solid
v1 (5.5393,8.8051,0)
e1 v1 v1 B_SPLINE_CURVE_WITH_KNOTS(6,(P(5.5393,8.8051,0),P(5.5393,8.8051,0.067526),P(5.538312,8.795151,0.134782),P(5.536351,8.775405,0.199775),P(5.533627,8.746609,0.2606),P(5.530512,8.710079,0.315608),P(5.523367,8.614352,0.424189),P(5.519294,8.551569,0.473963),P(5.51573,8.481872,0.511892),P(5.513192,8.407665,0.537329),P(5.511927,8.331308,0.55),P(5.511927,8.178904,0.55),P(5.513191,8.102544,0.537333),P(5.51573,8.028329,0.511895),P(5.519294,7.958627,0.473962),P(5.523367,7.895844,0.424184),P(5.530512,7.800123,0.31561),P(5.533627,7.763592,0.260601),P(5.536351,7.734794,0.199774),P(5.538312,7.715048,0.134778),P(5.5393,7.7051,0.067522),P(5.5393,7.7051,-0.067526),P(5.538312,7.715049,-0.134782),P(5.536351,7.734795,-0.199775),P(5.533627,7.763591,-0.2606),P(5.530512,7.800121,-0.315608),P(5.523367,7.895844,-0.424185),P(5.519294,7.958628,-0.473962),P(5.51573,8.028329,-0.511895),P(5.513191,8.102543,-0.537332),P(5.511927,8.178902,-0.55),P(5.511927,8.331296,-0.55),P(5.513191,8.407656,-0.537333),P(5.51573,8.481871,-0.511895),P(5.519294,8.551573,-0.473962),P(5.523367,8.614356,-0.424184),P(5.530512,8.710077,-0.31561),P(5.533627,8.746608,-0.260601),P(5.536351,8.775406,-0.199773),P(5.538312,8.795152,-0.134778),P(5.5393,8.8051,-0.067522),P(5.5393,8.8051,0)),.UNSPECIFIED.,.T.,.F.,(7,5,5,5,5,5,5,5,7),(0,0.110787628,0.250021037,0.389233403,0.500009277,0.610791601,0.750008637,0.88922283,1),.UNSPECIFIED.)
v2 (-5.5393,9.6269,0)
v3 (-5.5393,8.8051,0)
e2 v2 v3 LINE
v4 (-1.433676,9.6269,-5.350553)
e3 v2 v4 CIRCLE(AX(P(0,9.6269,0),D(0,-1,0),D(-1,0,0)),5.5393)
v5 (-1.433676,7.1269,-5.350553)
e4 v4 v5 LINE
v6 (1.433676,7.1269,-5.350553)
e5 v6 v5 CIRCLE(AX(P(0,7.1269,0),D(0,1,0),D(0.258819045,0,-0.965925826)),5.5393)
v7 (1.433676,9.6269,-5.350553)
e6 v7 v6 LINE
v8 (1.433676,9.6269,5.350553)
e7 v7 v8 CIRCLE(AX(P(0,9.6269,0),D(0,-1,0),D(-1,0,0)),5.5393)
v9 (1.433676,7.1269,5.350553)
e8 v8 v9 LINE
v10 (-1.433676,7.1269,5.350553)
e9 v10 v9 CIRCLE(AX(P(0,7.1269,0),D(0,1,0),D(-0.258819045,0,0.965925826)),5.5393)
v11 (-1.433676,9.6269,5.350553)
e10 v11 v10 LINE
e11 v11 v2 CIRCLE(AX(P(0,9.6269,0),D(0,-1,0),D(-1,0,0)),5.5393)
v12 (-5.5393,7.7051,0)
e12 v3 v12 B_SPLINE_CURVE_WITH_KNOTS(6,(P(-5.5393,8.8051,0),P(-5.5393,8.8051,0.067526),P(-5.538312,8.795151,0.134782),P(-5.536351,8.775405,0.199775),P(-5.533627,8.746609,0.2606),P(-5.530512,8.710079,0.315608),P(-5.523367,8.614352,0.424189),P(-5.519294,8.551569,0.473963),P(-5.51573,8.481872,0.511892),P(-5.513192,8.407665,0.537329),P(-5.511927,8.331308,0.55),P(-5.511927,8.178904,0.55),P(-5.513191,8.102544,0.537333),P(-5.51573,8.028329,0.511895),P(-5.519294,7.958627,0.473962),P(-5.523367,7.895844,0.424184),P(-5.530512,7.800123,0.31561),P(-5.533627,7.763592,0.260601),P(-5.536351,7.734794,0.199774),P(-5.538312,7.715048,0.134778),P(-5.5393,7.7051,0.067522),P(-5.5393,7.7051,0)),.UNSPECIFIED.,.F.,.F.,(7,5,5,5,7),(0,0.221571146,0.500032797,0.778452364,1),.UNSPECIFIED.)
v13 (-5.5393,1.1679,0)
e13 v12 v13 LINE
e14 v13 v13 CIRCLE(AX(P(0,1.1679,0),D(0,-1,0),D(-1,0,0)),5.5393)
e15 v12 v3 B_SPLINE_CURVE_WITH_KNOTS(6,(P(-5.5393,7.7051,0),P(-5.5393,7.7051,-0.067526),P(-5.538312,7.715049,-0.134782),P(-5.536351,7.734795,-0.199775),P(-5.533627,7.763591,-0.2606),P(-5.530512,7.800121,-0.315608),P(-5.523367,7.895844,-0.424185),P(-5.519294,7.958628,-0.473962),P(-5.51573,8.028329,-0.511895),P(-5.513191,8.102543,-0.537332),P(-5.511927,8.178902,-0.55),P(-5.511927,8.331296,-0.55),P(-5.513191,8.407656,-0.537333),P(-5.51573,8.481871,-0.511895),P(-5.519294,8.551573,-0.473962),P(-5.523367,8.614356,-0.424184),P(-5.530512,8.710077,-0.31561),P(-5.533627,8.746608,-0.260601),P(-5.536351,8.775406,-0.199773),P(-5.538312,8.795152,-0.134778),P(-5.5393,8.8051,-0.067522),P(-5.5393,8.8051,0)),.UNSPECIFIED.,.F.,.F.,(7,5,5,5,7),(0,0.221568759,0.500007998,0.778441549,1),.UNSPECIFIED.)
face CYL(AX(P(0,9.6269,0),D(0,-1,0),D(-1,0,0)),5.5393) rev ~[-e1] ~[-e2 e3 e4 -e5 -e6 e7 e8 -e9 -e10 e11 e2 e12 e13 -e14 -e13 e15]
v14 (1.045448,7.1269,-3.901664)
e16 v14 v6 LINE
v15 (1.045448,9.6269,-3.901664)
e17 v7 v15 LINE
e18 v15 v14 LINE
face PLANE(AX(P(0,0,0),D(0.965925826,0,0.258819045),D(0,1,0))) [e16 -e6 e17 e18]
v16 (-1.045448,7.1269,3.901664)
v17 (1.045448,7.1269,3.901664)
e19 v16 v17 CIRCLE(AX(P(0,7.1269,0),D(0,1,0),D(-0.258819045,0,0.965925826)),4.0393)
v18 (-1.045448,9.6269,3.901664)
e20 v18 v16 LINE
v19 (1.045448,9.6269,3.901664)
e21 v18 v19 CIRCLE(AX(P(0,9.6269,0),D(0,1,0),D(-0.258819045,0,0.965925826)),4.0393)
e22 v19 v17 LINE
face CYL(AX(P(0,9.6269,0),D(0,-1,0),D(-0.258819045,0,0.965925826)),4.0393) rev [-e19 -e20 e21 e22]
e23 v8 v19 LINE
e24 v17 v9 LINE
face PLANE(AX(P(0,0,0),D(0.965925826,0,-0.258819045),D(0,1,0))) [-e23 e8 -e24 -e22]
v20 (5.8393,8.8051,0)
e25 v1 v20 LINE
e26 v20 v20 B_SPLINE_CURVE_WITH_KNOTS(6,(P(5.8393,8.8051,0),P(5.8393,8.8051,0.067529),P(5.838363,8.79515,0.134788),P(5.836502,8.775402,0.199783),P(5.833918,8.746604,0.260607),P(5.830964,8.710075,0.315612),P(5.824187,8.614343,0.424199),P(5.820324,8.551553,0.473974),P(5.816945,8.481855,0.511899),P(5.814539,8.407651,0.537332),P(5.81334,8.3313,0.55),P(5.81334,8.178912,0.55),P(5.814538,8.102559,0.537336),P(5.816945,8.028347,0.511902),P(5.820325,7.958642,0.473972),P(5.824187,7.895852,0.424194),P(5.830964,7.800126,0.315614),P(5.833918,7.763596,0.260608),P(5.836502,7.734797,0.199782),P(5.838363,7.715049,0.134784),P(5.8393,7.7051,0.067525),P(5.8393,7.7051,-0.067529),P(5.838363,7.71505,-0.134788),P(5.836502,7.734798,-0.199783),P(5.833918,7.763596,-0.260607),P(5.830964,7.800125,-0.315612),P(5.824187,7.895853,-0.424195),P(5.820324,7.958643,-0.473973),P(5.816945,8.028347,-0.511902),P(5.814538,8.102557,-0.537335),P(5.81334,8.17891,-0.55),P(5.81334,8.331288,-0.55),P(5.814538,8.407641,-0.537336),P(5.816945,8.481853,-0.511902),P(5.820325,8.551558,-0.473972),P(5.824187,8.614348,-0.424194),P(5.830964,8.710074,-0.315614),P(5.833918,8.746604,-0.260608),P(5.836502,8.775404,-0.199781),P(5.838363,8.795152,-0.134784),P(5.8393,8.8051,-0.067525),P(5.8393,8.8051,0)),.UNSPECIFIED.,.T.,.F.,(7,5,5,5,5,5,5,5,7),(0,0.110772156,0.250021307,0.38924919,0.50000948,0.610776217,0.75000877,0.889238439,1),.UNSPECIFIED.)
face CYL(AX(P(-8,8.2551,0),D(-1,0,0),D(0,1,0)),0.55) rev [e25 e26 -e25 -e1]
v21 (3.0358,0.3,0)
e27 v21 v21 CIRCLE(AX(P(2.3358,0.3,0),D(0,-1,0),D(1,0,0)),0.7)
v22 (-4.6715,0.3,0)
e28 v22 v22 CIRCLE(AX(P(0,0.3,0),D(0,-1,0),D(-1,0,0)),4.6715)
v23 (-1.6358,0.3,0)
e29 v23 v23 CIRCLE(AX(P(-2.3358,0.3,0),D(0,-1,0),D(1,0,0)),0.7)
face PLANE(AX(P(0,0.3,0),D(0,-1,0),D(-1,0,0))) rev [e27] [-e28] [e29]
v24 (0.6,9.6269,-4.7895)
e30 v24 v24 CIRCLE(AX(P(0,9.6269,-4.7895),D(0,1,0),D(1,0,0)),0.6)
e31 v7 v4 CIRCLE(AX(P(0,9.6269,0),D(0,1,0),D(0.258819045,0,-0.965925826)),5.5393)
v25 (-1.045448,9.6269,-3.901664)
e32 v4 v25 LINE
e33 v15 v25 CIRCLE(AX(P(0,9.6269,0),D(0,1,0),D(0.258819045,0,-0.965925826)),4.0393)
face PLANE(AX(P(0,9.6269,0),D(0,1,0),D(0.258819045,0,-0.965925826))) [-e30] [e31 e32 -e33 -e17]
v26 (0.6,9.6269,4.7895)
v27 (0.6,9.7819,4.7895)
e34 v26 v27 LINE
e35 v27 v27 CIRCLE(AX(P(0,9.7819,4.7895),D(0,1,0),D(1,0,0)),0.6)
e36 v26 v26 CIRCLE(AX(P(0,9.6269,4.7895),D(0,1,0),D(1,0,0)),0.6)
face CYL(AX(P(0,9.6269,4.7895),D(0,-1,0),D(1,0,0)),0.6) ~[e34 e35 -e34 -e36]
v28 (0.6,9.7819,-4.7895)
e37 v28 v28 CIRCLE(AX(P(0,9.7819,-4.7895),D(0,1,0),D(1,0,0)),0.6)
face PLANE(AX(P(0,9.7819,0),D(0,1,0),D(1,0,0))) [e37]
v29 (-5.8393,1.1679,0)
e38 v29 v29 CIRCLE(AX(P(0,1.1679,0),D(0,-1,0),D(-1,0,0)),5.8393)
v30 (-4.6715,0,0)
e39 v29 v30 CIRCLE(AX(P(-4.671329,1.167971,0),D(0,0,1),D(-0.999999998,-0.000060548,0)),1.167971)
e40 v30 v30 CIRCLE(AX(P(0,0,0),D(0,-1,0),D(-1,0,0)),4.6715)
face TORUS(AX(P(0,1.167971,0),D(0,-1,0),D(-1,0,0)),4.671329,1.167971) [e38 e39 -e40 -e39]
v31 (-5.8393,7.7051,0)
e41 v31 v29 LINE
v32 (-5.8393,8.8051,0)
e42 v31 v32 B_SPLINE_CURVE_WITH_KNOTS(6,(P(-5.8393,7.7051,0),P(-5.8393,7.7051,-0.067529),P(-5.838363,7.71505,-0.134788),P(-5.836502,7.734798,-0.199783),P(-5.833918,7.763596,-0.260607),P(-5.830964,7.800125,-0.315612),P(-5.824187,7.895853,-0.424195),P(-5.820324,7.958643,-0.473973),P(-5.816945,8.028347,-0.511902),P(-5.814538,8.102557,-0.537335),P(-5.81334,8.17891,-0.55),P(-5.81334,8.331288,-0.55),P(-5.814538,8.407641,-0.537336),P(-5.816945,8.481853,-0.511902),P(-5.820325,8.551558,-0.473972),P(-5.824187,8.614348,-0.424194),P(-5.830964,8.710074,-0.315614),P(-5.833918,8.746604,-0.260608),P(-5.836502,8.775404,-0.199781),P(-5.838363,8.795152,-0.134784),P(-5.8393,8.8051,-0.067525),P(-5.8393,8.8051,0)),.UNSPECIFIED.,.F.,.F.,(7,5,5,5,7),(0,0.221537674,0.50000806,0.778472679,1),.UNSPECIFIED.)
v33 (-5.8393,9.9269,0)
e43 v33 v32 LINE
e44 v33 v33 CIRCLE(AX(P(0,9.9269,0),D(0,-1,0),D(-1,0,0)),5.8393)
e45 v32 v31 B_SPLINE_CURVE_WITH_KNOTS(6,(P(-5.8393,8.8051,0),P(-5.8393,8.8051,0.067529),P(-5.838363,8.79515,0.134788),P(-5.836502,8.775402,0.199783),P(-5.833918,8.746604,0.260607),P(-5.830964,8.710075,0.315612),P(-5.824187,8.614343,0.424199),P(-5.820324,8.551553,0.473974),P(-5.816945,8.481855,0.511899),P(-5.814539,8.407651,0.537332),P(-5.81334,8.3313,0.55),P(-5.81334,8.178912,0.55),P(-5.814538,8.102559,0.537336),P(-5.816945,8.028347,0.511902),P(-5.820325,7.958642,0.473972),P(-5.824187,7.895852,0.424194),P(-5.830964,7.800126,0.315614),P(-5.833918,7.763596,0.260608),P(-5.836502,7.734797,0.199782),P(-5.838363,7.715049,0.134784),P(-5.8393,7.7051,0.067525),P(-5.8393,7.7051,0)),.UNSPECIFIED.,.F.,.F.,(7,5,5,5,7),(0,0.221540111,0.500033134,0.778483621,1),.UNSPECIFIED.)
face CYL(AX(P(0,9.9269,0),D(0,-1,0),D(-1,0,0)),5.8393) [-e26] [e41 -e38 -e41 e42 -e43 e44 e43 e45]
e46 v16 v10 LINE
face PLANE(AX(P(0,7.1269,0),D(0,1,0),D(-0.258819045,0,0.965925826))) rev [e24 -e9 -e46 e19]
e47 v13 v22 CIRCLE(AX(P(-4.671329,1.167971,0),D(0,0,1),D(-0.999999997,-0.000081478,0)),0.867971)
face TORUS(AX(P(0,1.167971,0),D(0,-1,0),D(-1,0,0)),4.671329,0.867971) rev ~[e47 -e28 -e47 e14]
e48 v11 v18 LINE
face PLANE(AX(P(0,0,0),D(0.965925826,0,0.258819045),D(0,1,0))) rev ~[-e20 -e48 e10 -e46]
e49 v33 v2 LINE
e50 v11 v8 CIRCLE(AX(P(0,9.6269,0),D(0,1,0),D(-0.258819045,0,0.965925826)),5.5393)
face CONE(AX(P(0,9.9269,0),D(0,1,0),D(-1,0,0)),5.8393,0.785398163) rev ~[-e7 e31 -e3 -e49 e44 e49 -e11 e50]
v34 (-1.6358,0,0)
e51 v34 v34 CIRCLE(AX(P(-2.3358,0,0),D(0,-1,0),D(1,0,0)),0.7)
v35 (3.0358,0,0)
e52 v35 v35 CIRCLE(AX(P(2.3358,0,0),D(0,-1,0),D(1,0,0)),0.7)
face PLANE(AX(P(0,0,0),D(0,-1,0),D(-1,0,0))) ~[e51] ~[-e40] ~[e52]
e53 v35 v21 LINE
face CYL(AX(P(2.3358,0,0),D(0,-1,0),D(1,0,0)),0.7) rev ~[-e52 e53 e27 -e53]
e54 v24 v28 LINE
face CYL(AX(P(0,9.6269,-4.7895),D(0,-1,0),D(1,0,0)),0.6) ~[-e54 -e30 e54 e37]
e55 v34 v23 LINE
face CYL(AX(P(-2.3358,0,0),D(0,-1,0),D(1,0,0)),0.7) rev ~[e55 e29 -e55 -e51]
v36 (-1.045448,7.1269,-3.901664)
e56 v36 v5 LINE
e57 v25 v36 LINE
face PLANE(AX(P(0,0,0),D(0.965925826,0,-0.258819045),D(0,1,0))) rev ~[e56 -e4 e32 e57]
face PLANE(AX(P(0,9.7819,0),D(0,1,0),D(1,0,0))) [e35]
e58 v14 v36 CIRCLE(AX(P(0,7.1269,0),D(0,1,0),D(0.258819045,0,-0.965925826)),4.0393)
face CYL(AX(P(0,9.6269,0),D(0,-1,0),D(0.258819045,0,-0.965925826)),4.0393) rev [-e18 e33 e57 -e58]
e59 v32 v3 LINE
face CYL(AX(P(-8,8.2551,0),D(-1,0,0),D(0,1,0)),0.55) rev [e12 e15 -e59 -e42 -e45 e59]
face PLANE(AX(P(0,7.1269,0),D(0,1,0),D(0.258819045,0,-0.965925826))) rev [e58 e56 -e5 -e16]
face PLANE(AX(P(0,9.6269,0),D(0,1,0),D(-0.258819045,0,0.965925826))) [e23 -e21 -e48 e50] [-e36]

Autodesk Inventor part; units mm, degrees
ref_plane "XZ Plane" through (0, 0, 0) normal (0, 1, 0) x (-1, 0, 0)
ref_plane "XY Plane" through (0, 0, 0) normal (0, 0, 1) x (1, 0, 0)
sketch "Boceto1" plane through (0, 0, 0) normal (0, 0, 1) x (1, 0, 0)
  line L0 (0, 0) -> (-4.6715, 0)
  line L1 (-5.8393, 9.9269) -> (-5.8393, 1.1679)
  line L2 (-5.5393, 9.6269) -> (-5.5393, 1.1679)
  arc A0 (-5.8393, 1.1679) -> (-4.6715, 0) centre (-4.6715, 1.1679) ccw
  arc A1 (-5.5393, 1.1679) -> (-4.6715, 0.3) centre (-4.6715, 1.1679) ccw
  line L3 (0, 0) -> (-4.6715, 0)
  line L4 (0, 0.3) -> (-4.6715, 0.3)
  line L5 (0, 0.3) -> (0, 0)
  line L6 (-5.8393, 9.9269) -> (-5.5393, 9.6269)
revolve "Revolución1" add sketch "Boceto1" angle 360 about axis through (0, 0.3, 0) along (0, -1, 0)
sketch "Boceto2" plane through (0, 0, 0) normal (1, 0, 0) x (0, 1, 0)
  line L0 (9.6269, 5.5393) -> (1.1679, 5.5393) projected
  line L1 (9.6269, -5.5393) -> (1.1679, -5.5393) projected
  line L2 (9.6269, 5.5393) -> (9.6269, 4.0393)
  line L3 (9.6269, -5.5393) -> (9.6269, 5.5393) projected
  line L4 (9.6269, 4.0393) -> (7.1269, 4.0393)
  line L5 (7.1269, 4.0393) -> (7.1269, 5.5393)
  line L6 (9.6269, 5.5393) -> (7.1269, 5.5393)
  line L7 (9.6269, 0) -> (13.8106, 0)
  line L8 (9.6269, -5.5393) -> (9.6269, -4.0393)
  line L9 (9.6269, -4.0393) -> (7.1269, -4.0393)
  line L10 (7.1269, -4.0393) -> (7.1269, -5.5393)
  point P0 (0, 0)
  dimension "d1" = 1.5
  dimension "d2" = 2.5
  dimension "d3" = 1.5
  dimension "d4" = 2.5
revolve "Revolución2" add sketch "Boceto2" angle 30 mid plane about axis through (0, 9.6269, 0) along (0, 1, 0)
sketch "Boceto3" plane through (0, 9.6269, 0) normal (0, 1, 0) x (1, 0, 0)
  line L0 (-1.0455, -3.9017) -> (-1.4337, -5.3506) projected
  arc A0 (-1.4337, -5.3506) -> (1.4337, -5.3506) centre (0, 0) ccw projected
  line L1 (1.0455, -3.9017) -> (1.4337, -5.3506) projected
  arc A1 (-1.0455, -3.9017) -> (1.0455, -3.9017) centre (0, 0) ccw projected
  line L2 (1.4337, 5.3506) -> (1.0455, 3.9017) projected
  arc A2 (1.4337, 5.3506) -> (-1.4337, 5.3506) centre (0, 0) ccw projected
  line L3 (-1.0455, 3.9017) -> (-1.4337, 5.3506) projected
  arc A3 (1.0455, 3.9017) -> (-1.0455, 3.9017) centre (0, 0) ccw projected
  circle A4 centre (0, 4.7895) radius 0.6
  circle A5 centre (0, -4.7895) radius 0.6
  dimension "d9" = 1.2
  dimension "d10" = 1.2
extrude "Extrusión1" add sketch "Boceto3" along normal blind 0.155 contours A4 | A5
ref_plane "Plano de trabajo1" through (-8, 0, 0) normal (1, 0, 0) x (0, 1, 0)
sketch "Boceto6" plane through (-8, 0, 0) normal (1, 0, 0) x (0, 1, 0)
  line L0 (1.1679, -5.8393) -> (1.1679, 5.8393) projected
  line L1 (9.9269, -5.8393) -> (9.9269, 5.8393) projected
  line L2 (0, -4.6715) -> (0, 4.6715) projected
  line L3 (1.1679, -5.8393) -> (1.1679, 5.8393) projected
  circle A0 centre (8.2551, 0) radius 0.55
  point P0 (0, 0)
extrude "Extrusión2" cut sketch "Boceto6" along normal blind 16
sketch "Boceto7" plane through (0, 0, 0) normal (0, -1, 0) x (1, 0, 0)
  circle A0 centre (-2.3358, 0) radius 0.7
  circle A1 centre (2.3358, 0) radius 0.7
  point P0 (0, 0)
  dimension "d17" = 1.4
  dimension "d18" = 1.4
extrude "Extrusión3" cut sketch "Boceto7" against normal blind 3
properties part number "cuerpo"
